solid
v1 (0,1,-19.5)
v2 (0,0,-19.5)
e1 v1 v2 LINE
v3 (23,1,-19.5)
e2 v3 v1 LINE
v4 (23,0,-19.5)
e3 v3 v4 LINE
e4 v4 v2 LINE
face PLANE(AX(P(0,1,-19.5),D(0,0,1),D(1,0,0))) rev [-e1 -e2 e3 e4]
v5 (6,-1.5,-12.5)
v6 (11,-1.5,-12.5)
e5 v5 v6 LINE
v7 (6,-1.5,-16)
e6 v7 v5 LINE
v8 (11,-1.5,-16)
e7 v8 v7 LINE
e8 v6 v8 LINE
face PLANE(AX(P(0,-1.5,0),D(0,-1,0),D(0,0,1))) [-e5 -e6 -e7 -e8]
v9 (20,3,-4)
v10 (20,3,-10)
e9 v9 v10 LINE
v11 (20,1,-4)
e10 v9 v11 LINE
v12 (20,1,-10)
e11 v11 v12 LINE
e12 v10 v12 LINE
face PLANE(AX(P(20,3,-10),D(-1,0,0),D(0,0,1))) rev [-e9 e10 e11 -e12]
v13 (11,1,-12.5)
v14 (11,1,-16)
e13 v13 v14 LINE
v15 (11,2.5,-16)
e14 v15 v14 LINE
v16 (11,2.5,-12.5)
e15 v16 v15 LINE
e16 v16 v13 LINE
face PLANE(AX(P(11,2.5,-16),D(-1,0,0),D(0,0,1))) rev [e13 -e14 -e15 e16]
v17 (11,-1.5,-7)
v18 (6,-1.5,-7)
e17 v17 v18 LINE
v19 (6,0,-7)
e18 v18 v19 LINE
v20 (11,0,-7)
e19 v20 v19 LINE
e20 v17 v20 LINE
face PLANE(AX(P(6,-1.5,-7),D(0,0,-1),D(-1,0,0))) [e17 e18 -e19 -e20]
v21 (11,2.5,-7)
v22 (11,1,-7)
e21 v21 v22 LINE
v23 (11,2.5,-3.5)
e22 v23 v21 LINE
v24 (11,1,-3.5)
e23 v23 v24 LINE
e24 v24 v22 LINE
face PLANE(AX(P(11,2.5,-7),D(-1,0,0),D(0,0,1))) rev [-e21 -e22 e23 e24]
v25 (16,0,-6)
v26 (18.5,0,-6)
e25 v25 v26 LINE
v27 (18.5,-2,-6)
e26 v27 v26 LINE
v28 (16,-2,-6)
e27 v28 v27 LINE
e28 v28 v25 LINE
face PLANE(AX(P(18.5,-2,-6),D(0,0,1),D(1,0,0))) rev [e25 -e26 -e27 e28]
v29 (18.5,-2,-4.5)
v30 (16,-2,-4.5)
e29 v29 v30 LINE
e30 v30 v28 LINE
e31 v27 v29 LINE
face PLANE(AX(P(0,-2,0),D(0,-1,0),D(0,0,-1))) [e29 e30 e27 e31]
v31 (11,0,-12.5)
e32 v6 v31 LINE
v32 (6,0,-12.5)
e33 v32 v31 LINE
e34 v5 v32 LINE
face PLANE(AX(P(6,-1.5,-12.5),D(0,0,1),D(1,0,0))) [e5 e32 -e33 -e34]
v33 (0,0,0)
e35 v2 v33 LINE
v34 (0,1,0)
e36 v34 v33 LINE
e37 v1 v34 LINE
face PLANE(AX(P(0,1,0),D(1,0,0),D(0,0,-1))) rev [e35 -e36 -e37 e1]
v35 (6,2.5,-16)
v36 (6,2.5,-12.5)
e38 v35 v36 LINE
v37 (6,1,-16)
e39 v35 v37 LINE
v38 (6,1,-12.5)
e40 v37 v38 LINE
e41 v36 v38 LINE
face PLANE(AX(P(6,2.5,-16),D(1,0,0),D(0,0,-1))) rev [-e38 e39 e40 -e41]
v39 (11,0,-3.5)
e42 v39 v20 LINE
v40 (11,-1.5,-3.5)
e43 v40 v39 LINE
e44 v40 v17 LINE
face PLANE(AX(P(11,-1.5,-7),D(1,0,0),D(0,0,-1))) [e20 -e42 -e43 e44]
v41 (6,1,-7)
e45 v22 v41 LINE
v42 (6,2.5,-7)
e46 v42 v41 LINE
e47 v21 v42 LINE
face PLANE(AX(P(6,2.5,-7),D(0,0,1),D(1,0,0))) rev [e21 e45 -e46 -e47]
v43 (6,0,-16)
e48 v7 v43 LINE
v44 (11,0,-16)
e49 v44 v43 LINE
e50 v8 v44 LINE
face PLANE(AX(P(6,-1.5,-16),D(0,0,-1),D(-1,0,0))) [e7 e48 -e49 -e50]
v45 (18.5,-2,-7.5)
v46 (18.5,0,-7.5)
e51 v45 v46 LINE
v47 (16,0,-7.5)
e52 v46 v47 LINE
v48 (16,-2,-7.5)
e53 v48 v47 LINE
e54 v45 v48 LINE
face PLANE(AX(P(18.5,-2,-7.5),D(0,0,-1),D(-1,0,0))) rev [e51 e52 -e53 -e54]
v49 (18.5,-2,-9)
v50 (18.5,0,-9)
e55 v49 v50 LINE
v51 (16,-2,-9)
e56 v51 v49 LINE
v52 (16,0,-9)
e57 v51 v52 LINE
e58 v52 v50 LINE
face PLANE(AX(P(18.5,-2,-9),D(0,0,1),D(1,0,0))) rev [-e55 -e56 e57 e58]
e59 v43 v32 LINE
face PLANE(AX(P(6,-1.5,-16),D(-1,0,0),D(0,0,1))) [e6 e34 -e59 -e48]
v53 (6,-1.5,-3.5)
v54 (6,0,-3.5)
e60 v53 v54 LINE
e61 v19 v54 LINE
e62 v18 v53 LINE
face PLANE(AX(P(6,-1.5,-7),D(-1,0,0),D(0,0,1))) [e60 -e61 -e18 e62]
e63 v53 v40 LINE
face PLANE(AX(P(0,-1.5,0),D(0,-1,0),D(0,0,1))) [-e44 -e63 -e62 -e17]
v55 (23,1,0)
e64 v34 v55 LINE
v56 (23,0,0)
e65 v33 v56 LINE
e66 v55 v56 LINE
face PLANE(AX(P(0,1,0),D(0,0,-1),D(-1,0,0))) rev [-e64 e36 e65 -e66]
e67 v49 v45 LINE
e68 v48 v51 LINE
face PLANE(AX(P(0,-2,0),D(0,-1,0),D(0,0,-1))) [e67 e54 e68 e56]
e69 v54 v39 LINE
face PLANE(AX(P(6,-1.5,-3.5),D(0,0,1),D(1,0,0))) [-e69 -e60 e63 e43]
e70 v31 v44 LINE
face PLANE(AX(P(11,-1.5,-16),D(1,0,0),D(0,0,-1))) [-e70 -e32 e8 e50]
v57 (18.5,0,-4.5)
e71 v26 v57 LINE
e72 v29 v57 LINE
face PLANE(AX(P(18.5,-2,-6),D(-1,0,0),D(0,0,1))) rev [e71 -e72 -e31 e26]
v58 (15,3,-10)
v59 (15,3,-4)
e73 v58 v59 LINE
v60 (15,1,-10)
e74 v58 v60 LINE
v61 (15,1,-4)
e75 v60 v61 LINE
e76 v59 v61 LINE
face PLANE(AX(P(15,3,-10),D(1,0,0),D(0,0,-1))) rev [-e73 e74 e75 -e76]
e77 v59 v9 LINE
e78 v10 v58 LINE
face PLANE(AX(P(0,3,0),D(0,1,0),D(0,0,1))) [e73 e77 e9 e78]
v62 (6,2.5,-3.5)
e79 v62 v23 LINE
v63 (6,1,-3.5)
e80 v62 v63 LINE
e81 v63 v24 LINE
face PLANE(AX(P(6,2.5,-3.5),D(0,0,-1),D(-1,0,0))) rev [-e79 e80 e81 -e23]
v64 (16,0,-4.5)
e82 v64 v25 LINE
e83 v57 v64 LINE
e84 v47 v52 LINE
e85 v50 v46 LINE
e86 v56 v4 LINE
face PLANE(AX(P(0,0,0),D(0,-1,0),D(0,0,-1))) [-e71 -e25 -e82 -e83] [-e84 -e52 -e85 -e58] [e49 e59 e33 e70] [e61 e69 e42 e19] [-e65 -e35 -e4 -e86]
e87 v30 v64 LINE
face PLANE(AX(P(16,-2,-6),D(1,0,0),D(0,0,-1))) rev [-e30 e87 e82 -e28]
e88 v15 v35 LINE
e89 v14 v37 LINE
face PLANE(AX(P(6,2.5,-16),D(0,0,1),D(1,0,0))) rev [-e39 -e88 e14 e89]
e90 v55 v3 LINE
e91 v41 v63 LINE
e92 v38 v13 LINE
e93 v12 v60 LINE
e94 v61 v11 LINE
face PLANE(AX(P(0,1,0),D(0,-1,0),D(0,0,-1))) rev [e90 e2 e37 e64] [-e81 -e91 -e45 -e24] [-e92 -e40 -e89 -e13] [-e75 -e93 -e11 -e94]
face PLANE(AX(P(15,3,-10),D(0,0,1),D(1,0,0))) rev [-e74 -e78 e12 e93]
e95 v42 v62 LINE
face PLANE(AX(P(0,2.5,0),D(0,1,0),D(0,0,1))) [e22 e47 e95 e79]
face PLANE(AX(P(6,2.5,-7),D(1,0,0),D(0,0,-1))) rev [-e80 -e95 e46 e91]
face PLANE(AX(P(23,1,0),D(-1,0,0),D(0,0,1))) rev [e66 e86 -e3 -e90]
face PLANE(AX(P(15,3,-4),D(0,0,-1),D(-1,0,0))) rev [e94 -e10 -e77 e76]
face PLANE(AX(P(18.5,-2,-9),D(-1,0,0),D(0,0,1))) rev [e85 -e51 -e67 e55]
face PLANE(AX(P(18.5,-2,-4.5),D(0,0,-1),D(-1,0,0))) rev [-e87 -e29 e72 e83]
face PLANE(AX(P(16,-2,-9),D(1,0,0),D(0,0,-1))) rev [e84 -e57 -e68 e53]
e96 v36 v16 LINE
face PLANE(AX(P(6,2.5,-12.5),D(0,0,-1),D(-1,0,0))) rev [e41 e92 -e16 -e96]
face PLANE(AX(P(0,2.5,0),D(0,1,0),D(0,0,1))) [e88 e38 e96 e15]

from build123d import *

# Parameters (mm, degrees)
SKIZZE1_W                       = 23
SKIZZE1_H                       = 19.5
AUFSATZ_LINEAR_AUSTRAGEN1_DEPTH = 1
SKIZZE2_W                       = 5
SKIZZE2_H                       = 6
AUFSATZ_LINEAR_AUSTRAGEN2_DEPTH = 2
SKIZZE3_W                       = 5
SKIZZE3_H                       = 3.5
AUFSATZ_LINEAR_AUSTRAGEN3_DEPTH = 1.5
SKIZZE4_W                       = 2.5
SKIZZE4_H                       = 1.5
AUFSATZ_LINEAR_AUSTRAGEN4_DEPTH = 2


with BuildPart() as part:
    # Skizze1 → Aufsatz-Linear austragen1 (new body)
    with BuildSketch(Plane(origin=(0, 0, 0), x_dir=(1, 0, 0), z_dir=(0, 1, 0))):
        with Locations((11.5, 9.75)):
            Rectangle(SKIZZE1_W, SKIZZE1_H)
    extrude(amount=AUFSATZ_LINEAR_AUSTRAGEN1_DEPTH)

    # Skizze2 → Aufsatz-Linear austragen2 (add)
    with BuildSketch(Plane(origin=(0, 1, 0), x_dir=(1, 0, 0), z_dir=(0, 1, 0))):
        with Locations((17.5, 7)):
            Rectangle(SKIZZE2_W, SKIZZE2_H)
    extrude(amount=AUFSATZ_LINEAR_AUSTRAGEN2_DEPTH)

    # Skizze3 → Aufsatz-Linear austragen3 (add)
    with BuildSketch(Plane(origin=(0, 1, 0), x_dir=(1, 0, 0), z_dir=(0, 1, 0))):
        with Locations((8.5, 14.25)):
            Rectangle(SKIZZE3_W, SKIZZE3_H)
        with Locations((8.5, 5.25)):
            Rectangle(SKIZZE3_W, SKIZZE3_H)
    aufsatz_linear_austragen3 = extrude(amount=AUFSATZ_LINEAR_AUSTRAGEN3_DEPTH)

    # Spiegeln1: Aufsatz-Linear austragen3 across plane
    add(aufsatz_linear_austragen3.mirror(Plane.ZX.offset(0.5)))

    # Skizze4 → Aufsatz-Linear austragen4 (add)
    with BuildSketch(Plane.XZ):
        with Locations((17.25, -8.25)):
            Rectangle(SKIZZE4_W, SKIZZE4_H)
        with Locations((17.25, -5.25)):
            Rectangle(SKIZZE4_W, SKIZZE4_H)
    extrude(amount=AUFSATZ_LINEAR_AUSTRAGEN4_DEPTH)


solid = part.part
